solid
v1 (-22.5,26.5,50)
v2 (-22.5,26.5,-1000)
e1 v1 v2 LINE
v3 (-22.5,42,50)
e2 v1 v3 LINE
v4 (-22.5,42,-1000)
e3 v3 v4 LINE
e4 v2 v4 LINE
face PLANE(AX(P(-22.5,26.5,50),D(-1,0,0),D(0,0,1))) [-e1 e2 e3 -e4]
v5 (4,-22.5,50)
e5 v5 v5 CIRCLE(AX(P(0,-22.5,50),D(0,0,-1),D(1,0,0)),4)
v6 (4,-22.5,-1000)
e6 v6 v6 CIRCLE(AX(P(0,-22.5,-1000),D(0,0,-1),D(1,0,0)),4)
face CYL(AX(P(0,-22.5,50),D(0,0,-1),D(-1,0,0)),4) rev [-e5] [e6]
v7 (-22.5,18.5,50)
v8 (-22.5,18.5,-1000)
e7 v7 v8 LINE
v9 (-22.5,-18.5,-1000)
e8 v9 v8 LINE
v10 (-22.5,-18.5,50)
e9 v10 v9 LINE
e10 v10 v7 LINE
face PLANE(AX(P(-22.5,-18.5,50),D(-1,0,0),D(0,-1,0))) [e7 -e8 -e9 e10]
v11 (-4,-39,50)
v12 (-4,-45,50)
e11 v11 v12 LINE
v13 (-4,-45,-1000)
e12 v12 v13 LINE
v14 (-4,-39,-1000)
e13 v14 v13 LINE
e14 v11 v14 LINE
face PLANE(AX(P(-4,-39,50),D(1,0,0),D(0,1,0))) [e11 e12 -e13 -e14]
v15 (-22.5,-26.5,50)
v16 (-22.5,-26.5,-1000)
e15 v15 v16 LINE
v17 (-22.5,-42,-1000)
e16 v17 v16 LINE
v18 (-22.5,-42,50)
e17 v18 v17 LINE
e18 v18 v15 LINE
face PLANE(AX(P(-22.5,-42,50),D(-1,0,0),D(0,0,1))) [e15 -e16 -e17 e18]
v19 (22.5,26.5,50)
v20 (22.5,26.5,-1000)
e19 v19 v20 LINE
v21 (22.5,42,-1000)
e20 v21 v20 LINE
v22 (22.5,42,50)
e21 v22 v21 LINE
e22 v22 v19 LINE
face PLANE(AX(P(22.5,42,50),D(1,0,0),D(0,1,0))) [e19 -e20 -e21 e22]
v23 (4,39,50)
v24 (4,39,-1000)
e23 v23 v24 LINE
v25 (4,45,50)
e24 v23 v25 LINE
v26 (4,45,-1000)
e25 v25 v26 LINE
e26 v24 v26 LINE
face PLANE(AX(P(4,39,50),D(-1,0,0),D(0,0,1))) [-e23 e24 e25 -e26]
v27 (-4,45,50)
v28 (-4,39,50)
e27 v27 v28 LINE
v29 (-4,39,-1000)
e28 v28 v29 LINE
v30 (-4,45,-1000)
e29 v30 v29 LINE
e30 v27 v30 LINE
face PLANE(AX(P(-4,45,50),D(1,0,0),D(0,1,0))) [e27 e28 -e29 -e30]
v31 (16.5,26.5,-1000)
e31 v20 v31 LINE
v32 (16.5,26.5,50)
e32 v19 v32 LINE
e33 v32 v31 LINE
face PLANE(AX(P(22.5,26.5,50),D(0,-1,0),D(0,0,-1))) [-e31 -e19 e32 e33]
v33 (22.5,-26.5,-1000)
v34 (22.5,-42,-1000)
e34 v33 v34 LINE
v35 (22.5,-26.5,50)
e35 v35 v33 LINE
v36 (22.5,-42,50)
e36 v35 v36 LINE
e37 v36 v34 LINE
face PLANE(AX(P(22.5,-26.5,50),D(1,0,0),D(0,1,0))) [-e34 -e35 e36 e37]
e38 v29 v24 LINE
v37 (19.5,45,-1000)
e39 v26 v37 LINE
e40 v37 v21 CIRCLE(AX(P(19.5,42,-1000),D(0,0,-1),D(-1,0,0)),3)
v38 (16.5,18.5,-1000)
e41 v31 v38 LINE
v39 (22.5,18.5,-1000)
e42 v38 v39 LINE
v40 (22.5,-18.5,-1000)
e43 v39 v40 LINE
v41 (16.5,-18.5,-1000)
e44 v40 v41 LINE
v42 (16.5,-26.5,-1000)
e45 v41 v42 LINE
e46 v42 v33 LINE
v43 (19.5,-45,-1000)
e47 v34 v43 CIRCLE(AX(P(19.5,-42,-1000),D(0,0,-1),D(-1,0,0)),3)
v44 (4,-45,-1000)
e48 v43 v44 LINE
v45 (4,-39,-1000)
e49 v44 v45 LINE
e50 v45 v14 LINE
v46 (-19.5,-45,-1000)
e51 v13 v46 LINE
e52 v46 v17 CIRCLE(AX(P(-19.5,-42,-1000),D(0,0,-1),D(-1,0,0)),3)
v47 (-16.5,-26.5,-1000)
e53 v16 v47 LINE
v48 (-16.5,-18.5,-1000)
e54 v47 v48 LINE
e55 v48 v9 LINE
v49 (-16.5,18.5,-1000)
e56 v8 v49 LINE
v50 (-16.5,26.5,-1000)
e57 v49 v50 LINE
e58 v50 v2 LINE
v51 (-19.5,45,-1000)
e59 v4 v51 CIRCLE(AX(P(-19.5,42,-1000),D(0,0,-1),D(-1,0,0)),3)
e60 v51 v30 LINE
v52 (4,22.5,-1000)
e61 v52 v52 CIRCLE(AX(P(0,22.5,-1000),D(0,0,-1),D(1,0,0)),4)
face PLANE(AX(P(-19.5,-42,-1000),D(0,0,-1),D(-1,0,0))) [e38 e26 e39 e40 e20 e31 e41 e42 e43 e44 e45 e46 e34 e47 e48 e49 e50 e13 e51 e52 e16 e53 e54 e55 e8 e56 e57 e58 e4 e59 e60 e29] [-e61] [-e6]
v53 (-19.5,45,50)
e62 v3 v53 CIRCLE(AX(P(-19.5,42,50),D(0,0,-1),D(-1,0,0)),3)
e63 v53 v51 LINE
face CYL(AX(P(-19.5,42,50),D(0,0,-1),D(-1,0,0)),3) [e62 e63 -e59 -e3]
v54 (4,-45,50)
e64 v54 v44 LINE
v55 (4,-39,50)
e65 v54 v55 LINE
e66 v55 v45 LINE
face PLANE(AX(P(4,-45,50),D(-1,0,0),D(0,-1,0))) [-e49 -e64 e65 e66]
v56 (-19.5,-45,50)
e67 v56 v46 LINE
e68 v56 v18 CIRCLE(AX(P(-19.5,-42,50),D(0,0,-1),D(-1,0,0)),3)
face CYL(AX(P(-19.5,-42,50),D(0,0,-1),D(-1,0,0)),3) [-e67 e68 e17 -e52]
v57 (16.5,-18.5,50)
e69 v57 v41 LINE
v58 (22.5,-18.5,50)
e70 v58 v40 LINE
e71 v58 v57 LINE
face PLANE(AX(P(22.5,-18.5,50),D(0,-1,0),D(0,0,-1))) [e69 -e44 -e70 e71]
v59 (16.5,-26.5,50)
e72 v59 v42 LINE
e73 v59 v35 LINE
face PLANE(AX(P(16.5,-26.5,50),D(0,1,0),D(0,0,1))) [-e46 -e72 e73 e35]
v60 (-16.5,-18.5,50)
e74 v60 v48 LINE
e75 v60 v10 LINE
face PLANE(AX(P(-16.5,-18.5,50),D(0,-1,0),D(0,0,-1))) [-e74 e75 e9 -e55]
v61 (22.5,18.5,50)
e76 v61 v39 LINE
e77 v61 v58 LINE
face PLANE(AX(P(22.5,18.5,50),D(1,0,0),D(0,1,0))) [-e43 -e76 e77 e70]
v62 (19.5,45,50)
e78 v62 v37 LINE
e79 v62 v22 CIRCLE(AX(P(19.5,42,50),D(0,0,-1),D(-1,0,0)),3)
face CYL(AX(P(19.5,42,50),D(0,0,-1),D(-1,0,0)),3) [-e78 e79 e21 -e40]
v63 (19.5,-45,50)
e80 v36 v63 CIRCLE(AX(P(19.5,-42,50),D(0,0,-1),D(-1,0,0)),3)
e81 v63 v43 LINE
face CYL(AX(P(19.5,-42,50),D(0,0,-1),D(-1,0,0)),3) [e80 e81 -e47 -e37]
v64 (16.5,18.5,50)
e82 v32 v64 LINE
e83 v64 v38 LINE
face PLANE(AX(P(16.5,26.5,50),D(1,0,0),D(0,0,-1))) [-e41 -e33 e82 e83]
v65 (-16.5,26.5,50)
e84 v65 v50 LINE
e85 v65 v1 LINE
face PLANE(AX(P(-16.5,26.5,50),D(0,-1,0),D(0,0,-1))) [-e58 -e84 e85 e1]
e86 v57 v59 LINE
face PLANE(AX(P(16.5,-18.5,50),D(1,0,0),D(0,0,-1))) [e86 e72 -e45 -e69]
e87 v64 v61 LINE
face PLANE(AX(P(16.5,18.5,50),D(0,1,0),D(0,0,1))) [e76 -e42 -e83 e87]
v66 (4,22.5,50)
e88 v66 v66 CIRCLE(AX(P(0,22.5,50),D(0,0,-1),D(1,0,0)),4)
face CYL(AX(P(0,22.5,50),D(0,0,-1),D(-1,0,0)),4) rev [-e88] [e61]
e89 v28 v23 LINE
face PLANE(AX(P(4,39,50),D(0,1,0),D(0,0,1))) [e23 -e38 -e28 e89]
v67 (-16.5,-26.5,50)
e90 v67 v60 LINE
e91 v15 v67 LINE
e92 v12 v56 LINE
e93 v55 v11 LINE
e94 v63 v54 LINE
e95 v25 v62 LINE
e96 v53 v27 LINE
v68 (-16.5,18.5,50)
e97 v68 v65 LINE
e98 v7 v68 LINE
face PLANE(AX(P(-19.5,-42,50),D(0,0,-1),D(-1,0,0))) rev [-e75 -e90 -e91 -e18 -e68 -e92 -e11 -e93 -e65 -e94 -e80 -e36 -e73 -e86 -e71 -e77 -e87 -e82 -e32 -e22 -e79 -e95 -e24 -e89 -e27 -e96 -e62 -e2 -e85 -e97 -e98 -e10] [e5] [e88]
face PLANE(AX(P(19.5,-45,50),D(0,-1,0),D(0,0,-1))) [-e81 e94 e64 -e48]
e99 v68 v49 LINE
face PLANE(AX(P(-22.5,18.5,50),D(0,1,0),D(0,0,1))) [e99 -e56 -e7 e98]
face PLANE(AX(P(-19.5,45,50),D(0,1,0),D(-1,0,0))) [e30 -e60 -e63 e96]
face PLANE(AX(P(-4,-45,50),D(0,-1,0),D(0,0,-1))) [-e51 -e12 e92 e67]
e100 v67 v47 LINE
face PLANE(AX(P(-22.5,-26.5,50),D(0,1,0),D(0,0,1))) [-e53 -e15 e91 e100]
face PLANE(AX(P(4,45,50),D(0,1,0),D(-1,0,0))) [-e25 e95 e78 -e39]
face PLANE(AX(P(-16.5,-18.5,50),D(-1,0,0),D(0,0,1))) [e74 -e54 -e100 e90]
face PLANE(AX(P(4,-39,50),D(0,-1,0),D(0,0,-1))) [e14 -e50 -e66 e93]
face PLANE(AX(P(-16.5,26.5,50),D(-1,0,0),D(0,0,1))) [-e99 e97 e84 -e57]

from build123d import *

# Parameters (mm, degrees)
ESQUISSE1_R        = 4
BOSS_EXTRU_1_DEPTH = 1050


with BuildPart() as part:
    # Esquisse1 → Boss.-Extru.1 (new body)
    with BuildSketch(Plane(origin=(0, 0, -1000), x_dir=(-1, 0, 0), z_dir=(0, 0, -1))):
        with BuildLine():
            Line((16.5, 26.5), (22.5, 26.5))
            Line((22.5, 26.5), (22.5, 42))
            ThreePointArc((22.5, 42), (21.621320344, 44.121320344), (19.5, 45))
            Line((19.5, 45), (4, 45))
            Line((4, 45), (4, 39))
            Line((4, 39), (-4, 39))
            Line((-4, 39), (-4, 45))
            Line((-4, 45), (-19.5, 45))
            ThreePointArc((-19.5, 45), (-21.621320344, 44.121320344), (-22.5, 42))
            Line((-22.5, 42), (-22.5, 26.5))
            Line((-22.5, 26.5), (-16.5, 26.5))
            Line((-16.5, 26.5), (-16.5, 18.5))
            Line((-16.5, 18.5), (-22.5, 18.5))
            Line((-22.5, 18.5), (-22.5, -18.5))
            Line((-22.5, -18.5), (-16.5, -18.5))
            Line((-16.5, -18.5), (-16.5, -26.5))
            Line((-16.5, -26.5), (-22.5, -26.5))
            Line((-22.5, -26.5), (-22.5, -42))
            ThreePointArc((-22.5, -42), (-21.621320344, -44.121320344), (-19.5, -45))
            Line((-19.5, -45), (-4, -45))
            Line((-4, -45), (-4, -39))
            Line((-4, -39), (4, -39))
            Line((4, -39), (4, -45))
            Line((4, -45), (19.5, -45))
            ThreePointArc((19.5, -45), (21.621320344, -44.121320344), (22.5, -42))
            Line((22.5, -42), (22.5, -26.5))
            Line((22.5, -26.5), (16.5, -26.5))
            Line((16.5, -26.5), (16.5, -18.5))
            Line((16.5, -18.5), (22.5, -18.5))
            Line((22.5, -18.5), (22.5, 18.5))
            Line((22.5, 18.5), (16.5, 18.5))
            Line((16.5, 18.5), (16.5, 26.5))
        make_face()
        with Locations((0, 22.5)):
            Circle(ESQUISSE1_R, mode=Mode.SUBTRACT)
        with Locations((0, -22.5)):
            Circle(ESQUISSE1_R, mode=Mode.SUBTRACT)
    extrude(amount=-BOSS_EXTRU_1_DEPTH)


solid = part.part
